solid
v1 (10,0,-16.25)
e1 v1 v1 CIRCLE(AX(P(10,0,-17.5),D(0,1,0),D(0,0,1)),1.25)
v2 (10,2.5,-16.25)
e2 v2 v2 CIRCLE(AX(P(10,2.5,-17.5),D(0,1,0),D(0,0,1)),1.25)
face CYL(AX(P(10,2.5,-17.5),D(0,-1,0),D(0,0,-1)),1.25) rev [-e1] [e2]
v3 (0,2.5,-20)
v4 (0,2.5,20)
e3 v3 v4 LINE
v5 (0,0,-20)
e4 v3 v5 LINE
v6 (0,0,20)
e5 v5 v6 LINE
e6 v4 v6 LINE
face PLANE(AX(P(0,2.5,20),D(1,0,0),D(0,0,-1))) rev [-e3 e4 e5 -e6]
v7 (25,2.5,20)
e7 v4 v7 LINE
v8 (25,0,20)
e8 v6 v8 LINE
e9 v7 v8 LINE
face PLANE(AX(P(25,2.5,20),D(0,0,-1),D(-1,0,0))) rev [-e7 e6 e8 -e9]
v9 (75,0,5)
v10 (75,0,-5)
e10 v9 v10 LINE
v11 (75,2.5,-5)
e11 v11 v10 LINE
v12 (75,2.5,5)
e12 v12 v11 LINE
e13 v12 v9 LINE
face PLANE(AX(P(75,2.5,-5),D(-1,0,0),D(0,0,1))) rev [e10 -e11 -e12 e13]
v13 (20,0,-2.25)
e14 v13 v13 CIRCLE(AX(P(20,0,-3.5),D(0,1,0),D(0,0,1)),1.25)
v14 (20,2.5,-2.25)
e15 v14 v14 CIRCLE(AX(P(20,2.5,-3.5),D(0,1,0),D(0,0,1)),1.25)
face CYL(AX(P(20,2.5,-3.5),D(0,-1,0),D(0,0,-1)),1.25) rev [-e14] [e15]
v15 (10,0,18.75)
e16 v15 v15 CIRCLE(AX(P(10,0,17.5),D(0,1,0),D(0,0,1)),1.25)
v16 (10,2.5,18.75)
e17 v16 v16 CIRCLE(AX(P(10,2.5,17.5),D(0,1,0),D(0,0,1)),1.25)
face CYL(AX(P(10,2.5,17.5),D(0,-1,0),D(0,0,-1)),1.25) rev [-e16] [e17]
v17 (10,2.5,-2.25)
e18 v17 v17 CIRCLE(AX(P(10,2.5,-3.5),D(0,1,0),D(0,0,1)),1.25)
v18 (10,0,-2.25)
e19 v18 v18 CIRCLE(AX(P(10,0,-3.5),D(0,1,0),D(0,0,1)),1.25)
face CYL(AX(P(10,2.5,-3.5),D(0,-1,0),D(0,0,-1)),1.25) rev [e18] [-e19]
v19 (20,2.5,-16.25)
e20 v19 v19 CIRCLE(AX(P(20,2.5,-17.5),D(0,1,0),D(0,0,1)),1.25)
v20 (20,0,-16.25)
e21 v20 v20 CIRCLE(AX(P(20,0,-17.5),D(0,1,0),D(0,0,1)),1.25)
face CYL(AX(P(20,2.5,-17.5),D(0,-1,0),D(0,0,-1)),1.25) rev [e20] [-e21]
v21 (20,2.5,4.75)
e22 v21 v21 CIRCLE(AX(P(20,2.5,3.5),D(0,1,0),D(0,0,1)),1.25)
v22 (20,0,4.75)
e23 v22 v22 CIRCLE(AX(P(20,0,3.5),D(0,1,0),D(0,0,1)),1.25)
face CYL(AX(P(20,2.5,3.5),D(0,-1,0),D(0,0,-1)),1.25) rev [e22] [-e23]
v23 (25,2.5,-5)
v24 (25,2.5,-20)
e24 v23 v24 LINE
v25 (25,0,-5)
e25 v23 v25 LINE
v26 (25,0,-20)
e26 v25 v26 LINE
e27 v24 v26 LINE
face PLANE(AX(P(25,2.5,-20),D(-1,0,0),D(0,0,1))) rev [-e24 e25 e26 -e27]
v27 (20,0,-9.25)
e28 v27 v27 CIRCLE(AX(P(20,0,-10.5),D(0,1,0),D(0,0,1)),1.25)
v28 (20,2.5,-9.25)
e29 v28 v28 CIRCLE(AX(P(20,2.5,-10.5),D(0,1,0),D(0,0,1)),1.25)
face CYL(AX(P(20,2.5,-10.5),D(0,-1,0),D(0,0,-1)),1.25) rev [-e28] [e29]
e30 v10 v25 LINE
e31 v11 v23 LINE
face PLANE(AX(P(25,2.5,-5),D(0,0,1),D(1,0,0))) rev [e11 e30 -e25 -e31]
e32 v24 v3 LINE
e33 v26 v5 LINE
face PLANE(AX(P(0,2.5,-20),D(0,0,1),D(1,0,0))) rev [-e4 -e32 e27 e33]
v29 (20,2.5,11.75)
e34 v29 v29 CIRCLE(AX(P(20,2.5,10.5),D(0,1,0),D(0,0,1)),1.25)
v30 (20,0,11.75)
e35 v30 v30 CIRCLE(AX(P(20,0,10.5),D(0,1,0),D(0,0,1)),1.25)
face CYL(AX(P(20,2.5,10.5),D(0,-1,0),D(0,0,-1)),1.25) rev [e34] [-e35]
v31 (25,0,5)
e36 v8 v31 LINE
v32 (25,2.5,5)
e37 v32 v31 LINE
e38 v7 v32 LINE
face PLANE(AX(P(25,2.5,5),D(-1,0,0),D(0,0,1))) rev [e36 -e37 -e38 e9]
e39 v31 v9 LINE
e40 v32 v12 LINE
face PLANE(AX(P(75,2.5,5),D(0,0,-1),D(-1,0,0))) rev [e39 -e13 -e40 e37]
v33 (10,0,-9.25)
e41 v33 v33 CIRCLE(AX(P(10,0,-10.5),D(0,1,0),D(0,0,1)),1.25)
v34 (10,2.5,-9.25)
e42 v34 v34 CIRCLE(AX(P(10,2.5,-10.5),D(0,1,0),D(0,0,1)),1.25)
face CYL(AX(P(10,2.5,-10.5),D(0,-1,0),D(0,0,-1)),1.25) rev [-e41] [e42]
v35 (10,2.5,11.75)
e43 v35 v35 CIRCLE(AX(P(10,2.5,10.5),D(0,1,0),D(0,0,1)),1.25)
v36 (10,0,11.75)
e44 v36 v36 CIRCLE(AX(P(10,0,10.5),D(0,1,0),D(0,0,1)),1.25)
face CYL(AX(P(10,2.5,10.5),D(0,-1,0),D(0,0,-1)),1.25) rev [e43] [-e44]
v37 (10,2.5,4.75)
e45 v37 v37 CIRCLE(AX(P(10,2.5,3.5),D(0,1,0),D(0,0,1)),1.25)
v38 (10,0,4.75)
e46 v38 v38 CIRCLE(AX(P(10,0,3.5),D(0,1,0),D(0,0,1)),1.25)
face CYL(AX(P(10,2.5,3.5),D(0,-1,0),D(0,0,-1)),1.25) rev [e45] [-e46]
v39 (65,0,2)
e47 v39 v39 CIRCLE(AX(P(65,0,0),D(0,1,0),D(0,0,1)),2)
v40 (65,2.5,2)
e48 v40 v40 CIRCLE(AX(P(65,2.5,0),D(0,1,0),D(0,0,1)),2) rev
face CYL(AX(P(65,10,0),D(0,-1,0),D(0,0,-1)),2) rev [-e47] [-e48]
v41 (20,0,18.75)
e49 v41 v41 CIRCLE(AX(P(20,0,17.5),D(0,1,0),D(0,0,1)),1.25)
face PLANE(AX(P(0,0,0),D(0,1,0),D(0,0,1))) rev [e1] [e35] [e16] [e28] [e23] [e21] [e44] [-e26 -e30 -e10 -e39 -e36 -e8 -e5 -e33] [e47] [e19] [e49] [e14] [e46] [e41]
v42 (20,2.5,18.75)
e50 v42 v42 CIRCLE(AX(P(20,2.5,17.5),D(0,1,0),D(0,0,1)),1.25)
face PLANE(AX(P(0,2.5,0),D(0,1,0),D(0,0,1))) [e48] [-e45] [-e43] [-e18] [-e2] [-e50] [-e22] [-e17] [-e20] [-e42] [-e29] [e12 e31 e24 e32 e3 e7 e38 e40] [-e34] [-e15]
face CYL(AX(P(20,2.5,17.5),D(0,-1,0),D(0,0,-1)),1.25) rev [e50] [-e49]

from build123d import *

# Parameters (mm, degrees)
EXTRUDE_1_DEPTH     = 2.5
SKETCH_2_R          = 1.25
CUT_EXTRUDE_1_DEPTH = 78.661122835
SKETCH_3_R          = 2
CUT_EXTRUDE_2_DEPTH = 10


with BuildPart() as part:
    # 草图1 → 凸台-拉伸1 (new body)
    with BuildSketch(Plane(origin=(0, 0, 0), x_dir=(1, 0, 0), z_dir=(0, 1, 0))):
        Polygon((0, -20), (0, 20), (25, 20), (25, 5), (75, 5), (75, -5), (25, -5), (25, -20), align=None)
    extrude(amount=EXTRUDE_1_DEPTH)

    # 草图2 → 切除-拉伸1 (cut, through all)
    with BuildSketch(Plane(origin=(0, 0, 0), x_dir=(1, 0, 0), z_dir=(0, 1, 0))):
        with Locations(Location((10, 17.5, 0), (0, 0, 270))):
            Circle(SKETCH_2_R)
        with Locations(Location((20, 17.5, 0), (0, 0, 270))):
            Circle(SKETCH_2_R)
        with Locations(Location((20, 10.5, 0), (0, 0, 270))):
            Circle(SKETCH_2_R)
        with Locations(Location((20, 3.5, 0), (0, 0, 270))):
            Circle(SKETCH_2_R)
        with Locations(Location((20, -3.5, 0), (0, 0, 270))):
            Circle(SKETCH_2_R)
        with Locations(Location((20, -10.5, 0), (0, 0, 270))):
            Circle(SKETCH_2_R)
        with Locations(Location((20, -17.5, 0), (0, 0, 270))):
            Circle(SKETCH_2_R)
        with Locations(Location((10, 10.5, 0), (0, 0, 270))):
            Circle(SKETCH_2_R)
        with Locations(Location((10, 3.5, 0), (0, 0, 270))):
            Circle(SKETCH_2_R)
        with Locations(Location((10, -3.5, 0), (0, 0, 270))):
            Circle(SKETCH_2_R)
        with Locations(Location((10, -10.5, 0), (0, 0, 270))):
            Circle(SKETCH_2_R)
        with Locations(Location((10, -17.5, 0), (0, 0, 270))):
            Circle(SKETCH_2_R)
    extrude(amount=CUT_EXTRUDE_1_DEPTH, mode=Mode.SUBTRACT)

    # 草图3 → 切除-拉伸2 (cut)
    with BuildSketch(Plane(origin=(0, 0, 0), x_dir=(1, 0, 0), z_dir=(0, 1, 0))):
        with Locations(Location((65, 0, 0), (0, 0, 270))):
            Circle(SKETCH_3_R)
    extrude(amount=CUT_EXTRUDE_2_DEPTH, mode=Mode.SUBTRACT)


solid = part.part
